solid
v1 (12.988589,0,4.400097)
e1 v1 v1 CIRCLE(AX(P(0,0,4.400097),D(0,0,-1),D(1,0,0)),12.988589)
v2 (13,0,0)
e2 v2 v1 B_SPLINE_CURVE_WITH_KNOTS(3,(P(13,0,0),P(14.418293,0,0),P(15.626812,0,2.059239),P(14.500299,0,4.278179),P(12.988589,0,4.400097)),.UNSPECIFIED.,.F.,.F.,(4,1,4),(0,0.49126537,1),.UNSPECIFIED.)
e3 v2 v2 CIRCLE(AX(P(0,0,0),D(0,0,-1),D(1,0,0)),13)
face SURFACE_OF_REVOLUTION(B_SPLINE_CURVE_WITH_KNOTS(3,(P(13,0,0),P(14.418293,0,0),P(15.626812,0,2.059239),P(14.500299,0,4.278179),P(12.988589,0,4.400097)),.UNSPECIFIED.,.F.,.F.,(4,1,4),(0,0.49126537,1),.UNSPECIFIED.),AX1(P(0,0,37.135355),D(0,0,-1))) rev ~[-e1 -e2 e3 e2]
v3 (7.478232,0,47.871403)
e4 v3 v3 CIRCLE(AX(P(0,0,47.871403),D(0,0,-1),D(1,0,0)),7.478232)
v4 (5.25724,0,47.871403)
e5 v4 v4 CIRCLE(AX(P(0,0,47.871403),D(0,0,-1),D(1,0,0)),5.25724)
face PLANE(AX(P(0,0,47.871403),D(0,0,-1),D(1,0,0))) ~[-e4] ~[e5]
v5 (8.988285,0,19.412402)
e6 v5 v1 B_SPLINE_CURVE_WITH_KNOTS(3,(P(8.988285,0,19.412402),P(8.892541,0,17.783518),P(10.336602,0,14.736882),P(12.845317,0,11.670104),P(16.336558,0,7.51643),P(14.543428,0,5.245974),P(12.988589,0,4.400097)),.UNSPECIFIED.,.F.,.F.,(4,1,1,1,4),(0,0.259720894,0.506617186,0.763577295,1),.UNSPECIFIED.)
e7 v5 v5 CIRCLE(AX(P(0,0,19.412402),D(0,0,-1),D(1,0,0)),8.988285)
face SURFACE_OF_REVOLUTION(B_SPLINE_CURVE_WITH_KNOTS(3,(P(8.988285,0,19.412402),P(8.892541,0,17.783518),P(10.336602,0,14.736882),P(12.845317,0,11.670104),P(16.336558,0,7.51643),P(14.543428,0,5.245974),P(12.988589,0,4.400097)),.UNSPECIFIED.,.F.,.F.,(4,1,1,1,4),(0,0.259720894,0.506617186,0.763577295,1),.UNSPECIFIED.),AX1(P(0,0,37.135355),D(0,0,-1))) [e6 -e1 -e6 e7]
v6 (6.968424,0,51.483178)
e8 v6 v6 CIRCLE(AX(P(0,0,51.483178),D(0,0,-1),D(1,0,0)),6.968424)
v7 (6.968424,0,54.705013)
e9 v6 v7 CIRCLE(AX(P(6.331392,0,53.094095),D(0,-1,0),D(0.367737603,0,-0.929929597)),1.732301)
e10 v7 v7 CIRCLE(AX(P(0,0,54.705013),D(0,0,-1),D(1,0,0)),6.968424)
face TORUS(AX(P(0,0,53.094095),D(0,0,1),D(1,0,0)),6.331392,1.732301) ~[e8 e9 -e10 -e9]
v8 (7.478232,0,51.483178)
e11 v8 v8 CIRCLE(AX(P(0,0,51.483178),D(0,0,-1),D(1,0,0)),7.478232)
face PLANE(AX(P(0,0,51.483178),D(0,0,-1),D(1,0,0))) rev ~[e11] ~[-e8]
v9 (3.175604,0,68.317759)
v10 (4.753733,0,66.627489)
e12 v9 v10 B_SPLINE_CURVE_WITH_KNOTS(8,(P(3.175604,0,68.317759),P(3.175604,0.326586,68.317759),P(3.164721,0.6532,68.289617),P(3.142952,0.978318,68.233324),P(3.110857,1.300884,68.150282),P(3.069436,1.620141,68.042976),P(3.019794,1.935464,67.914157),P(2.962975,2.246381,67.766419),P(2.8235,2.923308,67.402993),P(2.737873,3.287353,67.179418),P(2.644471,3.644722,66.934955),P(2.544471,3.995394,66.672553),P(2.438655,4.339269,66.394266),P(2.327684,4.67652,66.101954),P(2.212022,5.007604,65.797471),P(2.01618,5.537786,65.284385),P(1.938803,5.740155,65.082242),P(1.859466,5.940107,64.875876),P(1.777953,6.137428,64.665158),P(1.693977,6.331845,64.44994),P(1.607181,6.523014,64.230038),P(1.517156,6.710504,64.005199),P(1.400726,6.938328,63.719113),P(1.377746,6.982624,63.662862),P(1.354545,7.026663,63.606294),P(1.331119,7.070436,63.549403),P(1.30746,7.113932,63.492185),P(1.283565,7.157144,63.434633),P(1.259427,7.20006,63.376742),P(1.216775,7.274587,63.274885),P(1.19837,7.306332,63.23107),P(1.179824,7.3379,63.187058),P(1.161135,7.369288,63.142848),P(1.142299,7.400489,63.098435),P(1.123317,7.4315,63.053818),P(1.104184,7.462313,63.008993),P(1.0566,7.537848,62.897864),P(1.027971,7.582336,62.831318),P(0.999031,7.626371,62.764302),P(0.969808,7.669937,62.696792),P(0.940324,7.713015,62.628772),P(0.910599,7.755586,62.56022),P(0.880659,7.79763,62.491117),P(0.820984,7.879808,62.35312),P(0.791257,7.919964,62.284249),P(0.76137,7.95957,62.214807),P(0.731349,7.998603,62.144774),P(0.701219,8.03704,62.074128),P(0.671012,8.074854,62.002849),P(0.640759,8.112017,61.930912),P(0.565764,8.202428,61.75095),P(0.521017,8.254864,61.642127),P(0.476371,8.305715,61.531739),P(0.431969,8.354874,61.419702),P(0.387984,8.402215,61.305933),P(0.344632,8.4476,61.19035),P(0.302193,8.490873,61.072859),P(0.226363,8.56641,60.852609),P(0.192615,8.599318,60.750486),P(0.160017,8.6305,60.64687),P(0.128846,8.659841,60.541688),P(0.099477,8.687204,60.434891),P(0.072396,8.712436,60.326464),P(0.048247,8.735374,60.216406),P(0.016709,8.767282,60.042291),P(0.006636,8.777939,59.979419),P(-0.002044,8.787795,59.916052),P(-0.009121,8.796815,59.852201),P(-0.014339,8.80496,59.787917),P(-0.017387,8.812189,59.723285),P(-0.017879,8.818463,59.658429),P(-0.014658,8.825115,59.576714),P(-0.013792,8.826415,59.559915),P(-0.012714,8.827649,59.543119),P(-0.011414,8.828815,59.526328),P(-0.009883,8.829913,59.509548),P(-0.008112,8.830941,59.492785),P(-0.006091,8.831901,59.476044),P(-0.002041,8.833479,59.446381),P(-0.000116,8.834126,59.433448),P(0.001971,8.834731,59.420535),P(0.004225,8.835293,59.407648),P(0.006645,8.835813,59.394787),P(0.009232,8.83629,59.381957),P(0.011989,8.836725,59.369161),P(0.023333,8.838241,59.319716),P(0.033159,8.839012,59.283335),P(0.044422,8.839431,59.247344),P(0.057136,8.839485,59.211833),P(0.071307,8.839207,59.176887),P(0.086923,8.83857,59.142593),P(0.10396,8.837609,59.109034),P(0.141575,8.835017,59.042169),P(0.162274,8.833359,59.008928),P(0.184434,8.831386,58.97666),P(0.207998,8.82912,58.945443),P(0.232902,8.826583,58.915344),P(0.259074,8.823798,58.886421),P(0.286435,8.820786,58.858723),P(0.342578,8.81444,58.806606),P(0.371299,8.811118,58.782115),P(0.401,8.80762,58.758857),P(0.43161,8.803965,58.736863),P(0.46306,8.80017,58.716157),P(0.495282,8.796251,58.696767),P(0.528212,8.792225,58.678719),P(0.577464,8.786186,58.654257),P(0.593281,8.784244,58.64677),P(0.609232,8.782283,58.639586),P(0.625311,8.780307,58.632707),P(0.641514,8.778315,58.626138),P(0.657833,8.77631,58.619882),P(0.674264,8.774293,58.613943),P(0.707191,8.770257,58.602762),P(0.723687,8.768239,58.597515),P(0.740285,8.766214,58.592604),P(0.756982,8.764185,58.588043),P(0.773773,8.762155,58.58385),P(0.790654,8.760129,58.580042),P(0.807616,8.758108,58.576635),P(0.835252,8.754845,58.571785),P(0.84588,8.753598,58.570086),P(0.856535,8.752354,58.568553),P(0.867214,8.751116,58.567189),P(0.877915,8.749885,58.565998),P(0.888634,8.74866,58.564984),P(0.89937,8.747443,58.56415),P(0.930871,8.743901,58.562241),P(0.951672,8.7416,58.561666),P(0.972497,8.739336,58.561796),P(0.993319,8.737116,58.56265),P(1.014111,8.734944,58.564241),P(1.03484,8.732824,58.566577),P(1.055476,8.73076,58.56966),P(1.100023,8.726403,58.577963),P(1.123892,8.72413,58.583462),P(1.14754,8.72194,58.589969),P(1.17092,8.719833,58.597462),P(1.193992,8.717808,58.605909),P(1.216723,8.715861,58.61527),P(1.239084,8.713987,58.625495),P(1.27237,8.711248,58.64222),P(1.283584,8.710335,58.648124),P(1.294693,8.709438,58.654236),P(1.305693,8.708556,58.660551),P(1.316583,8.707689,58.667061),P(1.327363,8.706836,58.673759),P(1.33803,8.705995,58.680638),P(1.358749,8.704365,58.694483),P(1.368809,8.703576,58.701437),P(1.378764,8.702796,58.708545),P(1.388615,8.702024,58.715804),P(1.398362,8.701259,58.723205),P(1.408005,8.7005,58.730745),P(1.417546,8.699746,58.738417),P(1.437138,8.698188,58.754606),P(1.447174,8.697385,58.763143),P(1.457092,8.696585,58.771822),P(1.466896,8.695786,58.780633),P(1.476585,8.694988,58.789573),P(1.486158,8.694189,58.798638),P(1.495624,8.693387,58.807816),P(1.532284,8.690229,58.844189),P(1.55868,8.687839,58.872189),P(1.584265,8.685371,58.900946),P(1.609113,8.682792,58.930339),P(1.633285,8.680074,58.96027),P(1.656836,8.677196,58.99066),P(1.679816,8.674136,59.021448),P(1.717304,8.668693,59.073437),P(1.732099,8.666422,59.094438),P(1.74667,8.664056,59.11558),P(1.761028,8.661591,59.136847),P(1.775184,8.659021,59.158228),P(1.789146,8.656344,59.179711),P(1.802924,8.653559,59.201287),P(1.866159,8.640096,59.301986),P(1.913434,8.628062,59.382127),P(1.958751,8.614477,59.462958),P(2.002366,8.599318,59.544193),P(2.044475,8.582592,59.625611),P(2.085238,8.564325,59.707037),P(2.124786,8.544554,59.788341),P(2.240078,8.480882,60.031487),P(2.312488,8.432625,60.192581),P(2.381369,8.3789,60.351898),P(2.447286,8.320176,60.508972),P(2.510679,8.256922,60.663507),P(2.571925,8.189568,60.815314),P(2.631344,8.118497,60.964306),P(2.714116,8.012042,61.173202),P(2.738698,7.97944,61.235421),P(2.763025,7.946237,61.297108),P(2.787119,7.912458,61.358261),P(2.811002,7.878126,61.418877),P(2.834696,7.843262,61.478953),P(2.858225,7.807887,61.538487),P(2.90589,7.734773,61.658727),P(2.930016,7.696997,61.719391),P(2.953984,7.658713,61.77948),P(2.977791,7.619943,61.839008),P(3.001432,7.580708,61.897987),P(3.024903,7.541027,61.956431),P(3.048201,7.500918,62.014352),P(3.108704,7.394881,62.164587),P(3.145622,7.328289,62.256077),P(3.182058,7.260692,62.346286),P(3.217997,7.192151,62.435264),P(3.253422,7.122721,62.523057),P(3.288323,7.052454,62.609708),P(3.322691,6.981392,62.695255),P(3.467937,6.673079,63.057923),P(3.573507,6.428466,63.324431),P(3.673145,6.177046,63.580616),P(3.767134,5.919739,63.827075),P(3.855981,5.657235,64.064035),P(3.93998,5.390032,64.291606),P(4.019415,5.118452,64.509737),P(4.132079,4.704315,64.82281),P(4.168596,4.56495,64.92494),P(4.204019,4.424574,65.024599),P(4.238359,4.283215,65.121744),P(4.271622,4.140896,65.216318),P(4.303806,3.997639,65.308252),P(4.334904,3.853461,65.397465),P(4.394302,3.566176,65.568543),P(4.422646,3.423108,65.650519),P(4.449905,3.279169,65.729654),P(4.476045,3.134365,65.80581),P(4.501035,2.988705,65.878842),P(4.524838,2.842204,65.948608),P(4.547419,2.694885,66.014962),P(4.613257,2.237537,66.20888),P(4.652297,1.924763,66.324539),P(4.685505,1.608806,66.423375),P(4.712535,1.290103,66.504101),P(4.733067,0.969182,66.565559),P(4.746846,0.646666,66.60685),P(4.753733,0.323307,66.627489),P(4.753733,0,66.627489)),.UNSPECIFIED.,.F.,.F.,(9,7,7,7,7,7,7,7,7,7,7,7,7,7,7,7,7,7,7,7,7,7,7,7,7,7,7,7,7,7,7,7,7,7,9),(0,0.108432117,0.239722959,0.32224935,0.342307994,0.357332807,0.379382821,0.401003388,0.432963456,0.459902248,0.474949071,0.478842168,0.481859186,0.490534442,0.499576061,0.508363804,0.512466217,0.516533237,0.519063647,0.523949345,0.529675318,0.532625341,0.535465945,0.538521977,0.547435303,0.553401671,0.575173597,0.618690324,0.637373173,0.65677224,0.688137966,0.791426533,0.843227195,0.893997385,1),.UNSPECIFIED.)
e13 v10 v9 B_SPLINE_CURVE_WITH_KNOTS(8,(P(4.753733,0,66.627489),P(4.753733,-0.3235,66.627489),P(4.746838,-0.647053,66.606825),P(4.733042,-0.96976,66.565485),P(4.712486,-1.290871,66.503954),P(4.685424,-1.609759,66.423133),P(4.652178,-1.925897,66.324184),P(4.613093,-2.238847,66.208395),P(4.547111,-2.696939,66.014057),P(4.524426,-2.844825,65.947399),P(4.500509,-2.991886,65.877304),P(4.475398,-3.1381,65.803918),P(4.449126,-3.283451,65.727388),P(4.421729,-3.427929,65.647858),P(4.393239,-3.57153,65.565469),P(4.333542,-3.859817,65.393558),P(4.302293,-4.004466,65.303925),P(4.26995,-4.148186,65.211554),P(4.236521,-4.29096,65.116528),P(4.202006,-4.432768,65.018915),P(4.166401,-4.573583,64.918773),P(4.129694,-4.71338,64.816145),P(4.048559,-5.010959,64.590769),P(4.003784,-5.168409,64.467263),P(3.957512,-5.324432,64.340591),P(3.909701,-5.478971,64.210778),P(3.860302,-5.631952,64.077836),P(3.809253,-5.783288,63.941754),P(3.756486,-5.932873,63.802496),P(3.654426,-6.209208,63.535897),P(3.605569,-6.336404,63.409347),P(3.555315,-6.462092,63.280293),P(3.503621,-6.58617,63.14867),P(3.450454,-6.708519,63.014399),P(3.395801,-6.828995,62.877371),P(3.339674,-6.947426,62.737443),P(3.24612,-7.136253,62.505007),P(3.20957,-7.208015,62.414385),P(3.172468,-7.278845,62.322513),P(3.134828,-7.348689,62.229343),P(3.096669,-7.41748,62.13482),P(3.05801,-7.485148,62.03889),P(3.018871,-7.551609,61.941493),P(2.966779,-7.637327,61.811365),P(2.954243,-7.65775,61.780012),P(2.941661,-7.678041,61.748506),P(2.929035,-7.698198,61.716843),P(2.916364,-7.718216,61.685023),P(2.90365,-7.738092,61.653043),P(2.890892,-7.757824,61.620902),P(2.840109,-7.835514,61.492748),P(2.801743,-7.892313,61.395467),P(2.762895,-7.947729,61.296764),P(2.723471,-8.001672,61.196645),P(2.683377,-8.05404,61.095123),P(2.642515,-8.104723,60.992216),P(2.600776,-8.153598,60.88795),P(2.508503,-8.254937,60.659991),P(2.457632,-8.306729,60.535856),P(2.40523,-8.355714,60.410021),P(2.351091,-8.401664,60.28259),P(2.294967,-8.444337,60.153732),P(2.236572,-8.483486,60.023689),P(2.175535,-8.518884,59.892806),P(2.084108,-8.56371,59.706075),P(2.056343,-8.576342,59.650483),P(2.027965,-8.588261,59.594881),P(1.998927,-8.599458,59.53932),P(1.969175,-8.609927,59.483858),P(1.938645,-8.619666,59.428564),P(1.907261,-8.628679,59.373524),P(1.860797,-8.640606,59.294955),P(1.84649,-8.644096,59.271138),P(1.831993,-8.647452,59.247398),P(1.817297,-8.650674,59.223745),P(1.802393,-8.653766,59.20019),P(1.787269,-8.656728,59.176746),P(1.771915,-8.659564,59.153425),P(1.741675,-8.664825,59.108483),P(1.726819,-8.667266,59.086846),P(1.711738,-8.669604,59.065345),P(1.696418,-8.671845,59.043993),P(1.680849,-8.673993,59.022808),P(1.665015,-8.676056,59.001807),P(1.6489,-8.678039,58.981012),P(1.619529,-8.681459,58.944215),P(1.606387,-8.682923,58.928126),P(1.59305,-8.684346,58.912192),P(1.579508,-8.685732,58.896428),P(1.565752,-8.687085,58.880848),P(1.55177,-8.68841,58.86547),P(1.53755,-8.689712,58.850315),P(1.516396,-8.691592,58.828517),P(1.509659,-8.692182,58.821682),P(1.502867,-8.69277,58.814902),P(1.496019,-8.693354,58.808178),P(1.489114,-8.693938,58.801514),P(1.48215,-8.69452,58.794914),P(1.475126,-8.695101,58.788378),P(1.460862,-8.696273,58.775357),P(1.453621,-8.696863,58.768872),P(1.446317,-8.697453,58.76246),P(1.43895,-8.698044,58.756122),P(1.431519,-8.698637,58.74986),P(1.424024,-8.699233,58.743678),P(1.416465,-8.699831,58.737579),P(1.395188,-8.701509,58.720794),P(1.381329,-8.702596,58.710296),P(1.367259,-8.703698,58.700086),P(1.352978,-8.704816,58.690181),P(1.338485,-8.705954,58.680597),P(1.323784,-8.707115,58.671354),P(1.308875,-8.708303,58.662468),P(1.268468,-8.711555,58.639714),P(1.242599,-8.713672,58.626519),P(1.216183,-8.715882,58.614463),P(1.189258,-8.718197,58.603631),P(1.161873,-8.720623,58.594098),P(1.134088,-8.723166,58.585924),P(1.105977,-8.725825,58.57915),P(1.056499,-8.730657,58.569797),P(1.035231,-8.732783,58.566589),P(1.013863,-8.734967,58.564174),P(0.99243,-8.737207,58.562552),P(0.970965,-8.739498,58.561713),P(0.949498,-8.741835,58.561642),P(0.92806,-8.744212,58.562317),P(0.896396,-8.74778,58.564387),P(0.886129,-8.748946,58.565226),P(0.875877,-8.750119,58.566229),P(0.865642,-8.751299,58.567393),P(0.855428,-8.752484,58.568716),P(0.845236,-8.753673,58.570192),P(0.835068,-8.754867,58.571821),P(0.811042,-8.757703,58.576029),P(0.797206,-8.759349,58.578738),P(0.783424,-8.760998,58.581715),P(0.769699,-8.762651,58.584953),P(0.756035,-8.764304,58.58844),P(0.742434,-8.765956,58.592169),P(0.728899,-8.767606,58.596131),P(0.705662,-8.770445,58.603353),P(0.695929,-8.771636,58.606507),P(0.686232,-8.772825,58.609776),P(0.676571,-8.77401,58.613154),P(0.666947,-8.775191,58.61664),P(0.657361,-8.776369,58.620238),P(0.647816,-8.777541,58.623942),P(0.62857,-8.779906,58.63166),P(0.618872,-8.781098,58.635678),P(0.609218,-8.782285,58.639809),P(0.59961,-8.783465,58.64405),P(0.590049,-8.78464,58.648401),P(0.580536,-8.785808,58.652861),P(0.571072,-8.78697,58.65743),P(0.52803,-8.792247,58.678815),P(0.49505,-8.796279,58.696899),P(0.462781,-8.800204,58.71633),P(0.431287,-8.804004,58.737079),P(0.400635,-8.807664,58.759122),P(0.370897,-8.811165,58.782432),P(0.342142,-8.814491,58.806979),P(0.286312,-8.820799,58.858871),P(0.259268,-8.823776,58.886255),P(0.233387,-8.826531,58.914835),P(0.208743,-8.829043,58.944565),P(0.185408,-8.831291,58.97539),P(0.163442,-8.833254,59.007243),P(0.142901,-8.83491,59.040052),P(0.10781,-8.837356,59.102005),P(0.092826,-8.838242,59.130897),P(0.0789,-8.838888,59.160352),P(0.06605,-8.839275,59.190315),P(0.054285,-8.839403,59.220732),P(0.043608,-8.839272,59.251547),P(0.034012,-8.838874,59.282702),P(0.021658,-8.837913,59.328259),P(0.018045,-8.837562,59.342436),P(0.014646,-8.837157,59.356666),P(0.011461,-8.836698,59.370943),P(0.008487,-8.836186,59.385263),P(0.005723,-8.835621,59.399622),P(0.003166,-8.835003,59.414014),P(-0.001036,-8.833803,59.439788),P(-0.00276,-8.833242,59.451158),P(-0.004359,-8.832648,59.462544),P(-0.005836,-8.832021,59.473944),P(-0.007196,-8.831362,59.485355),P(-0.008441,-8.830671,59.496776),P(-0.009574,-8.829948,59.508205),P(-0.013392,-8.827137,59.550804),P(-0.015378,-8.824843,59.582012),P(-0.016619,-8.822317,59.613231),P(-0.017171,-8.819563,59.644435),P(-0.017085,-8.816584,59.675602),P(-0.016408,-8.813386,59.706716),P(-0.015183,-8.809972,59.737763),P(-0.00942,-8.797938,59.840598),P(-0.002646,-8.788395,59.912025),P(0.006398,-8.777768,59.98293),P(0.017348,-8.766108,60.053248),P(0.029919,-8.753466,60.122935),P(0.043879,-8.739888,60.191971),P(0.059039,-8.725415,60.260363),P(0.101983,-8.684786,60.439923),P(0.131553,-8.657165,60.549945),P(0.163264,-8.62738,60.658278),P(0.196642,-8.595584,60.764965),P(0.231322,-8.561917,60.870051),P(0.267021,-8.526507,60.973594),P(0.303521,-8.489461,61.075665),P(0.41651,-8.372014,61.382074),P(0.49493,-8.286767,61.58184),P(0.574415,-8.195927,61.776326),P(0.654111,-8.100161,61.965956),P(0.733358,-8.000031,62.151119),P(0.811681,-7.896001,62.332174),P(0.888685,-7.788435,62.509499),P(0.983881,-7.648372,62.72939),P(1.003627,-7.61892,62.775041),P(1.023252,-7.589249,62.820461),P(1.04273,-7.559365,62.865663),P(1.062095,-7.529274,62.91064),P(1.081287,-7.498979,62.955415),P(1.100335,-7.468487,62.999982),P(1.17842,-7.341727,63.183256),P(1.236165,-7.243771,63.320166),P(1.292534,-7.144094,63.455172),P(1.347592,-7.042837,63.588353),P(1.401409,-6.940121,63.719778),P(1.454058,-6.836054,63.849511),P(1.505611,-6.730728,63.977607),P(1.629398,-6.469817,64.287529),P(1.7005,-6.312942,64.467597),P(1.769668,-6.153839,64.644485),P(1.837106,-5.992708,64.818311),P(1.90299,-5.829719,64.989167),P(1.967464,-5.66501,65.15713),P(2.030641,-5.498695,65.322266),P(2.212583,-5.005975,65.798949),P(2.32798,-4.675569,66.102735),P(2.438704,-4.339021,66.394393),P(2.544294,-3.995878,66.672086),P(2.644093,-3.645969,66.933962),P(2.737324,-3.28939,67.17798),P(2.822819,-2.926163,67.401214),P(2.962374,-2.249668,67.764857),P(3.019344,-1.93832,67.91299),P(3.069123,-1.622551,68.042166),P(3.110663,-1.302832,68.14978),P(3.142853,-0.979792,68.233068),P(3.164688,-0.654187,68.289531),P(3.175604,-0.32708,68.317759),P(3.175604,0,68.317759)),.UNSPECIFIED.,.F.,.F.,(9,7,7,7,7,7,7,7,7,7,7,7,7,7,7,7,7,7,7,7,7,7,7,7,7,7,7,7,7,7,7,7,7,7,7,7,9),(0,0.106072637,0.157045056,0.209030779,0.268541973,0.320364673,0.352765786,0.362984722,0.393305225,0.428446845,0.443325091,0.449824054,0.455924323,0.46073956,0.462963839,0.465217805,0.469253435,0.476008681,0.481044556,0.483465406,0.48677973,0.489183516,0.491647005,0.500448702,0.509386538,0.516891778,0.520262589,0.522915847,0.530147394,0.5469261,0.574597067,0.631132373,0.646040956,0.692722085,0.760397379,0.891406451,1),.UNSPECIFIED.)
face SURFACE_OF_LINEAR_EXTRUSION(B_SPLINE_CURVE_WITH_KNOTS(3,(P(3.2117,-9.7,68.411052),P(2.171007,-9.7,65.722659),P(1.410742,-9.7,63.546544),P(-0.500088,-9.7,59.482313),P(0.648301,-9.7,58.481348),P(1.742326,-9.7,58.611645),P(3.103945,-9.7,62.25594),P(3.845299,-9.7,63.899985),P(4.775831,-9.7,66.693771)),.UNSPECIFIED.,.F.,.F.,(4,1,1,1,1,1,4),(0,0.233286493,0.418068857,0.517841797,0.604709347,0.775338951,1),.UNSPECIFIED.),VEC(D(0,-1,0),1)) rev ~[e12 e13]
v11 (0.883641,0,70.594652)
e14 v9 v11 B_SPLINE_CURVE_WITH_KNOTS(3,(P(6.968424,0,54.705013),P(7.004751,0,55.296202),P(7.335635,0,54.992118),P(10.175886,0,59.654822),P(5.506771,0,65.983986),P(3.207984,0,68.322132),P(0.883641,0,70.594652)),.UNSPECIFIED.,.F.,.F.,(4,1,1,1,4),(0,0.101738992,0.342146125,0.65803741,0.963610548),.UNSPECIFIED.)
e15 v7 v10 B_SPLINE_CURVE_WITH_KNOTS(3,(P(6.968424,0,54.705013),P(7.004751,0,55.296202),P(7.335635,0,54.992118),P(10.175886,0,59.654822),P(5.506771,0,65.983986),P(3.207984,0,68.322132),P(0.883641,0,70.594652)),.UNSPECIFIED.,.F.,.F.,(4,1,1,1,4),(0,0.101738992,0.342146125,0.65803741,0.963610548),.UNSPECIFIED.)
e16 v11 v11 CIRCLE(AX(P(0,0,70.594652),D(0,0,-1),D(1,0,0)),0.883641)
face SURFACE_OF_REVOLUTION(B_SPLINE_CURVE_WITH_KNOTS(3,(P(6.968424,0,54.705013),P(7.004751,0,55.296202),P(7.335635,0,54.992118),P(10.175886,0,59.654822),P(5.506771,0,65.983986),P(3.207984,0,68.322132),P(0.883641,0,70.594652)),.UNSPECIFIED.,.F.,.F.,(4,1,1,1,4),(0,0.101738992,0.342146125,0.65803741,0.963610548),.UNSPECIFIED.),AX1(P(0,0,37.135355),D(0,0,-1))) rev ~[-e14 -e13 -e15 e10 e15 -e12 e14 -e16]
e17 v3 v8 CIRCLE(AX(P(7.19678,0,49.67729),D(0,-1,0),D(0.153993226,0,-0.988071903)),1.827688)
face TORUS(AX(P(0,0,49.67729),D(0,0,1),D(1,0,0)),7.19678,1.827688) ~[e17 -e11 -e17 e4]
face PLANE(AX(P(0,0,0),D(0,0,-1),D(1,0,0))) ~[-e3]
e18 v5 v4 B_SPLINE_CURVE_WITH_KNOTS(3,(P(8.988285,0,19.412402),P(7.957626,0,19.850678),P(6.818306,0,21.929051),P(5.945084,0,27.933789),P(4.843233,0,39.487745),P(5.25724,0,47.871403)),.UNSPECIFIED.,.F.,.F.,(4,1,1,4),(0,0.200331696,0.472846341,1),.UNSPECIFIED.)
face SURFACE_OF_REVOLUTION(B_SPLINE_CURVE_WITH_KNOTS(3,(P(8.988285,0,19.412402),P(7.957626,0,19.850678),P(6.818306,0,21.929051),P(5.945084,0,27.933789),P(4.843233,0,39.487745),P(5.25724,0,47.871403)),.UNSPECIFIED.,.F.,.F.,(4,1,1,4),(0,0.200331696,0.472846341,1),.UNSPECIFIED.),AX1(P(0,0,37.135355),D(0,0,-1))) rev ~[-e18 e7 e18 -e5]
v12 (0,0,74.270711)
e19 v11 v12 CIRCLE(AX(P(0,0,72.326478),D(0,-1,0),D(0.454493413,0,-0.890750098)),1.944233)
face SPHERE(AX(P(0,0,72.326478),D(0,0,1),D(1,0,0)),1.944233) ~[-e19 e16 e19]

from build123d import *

# Parameters (mm, degrees)
F4_DEPTH = 25


with BuildPart() as f1:
    # F0 (on Front) → F1 (revolve)
    with BuildSketch(Plane.XZ):
        with BuildLine():
            Line((0, 70.382244315), (0, 0))
            Line((0, 0), (13, 0))
            add(Edge.make_bspline(
                [(13, 0), (14.4182929303, 2.388e-07), (15.6268121181, 2.0592387007), (14.5002994381, 4.2781789123), (12.9885887727, 4.4000972994)],
                knots=[0, 0, 0, 0, 0.4912653704, 1, 1, 1, 1], degree=3))
            add(Edge.make_bspline(
                [(8.9882854372, 19.4124020636), (8.8925407709, 17.7835183331), (10.3366017898, 14.7368821228), (12.8453170873, 11.6701043776), (16.3365581004, 7.5164302781), (14.5434276789, 5.2459739061), (12.9885887727, 4.4000972994)],
                knots=[0, 0, 0, 0, 0.2597208936, 0.5066171863, 0.7635772945, 1, 1, 1, 1], degree=3))
            add(Edge.make_bspline(
                [(8.9882854372, 19.4124020636), (7.9576257031, 19.8506776743), (6.8183057595, 21.9290505504), (5.9450839533, 27.933789456), (4.8432327091, 39.4877453508), (5.2572404966, 47.8714033961)],
                knots=[0, 0, 0, 0, 0.2003316959, 0.4728463407, 1, 1, 1, 1], degree=3))
            Line((5.2572404966, 47.8714033961), (7.4782315642, 47.8714033961))
            ThreePointArc((7.4782315642, 47.8714033961), (9.0244679109, 49.6772904614), (7.4782315642, 51.4831775266))
            Line((7.4782315642, 51.4831775266), (6.9684241898, 51.4831775266))
            ThreePointArc((6.9684241898, 51.4831775266), (8.0636926732, 53.0940950581), (6.9684241898, 54.7050125897))
            add(Edge.make_bspline(
                [(6.9684241898, 54.7050125897), (7.0047512468, 55.296202269), (7.3356349489, 54.9921178796), (10.1758860308, 59.6548222318), (5.5067714071, 65.9839864382), (3.207984043, 68.3221321222), (0.8836412282, 70.5946516118)],
                knots=[0, 0, 0, 0, 0.1017389922, 0.3421461253, 0.6580374103, 0.9636105484, 0.9636105484, 0.9636105484, 0.9636105484], degree=3))
            ThreePointArc((0.8836412282, 70.5946516118), (0.4544058428, 70.4360918197), (0, 70.382244315))
        make_face()
        with BuildLine():
            Line((0, 71.4571028948), (0, 70.382244315))
            ThreePointArc((0, 70.382244315), (0.4544058428, 70.4360918197), (0.8836412282, 70.5946516118))
            add(Edge.make_bspline(
                [(0.8836412282, 70.5946516118), (0.6068447769, 70.8652766358), (0.3131152126, 71.1518253975), (0, 71.4571028948)],
                knots=[0.9636105484, 0.9636105484, 0.9636105484, 0.9636105484, 1, 1, 1, 1], degree=3))
        make_face()
        with BuildLine():
            Line((0, 74.270710919), (0, 71.4571028948))
            add(Edge.make_bspline(
                [(0.8836412282, 70.5946516118), (0.6068447769, 70.8652766358), (0.3131152126, 71.1518253975), (0, 71.4571028948)],
                knots=[0.9636105484, 0.9636105484, 0.9636105484, 0.9636105484, 1, 1, 1, 1], degree=3))
            ThreePointArc((0.8836412282, 70.5946516118), (1.8903857973, 72.7808834598), (0, 74.270710919))
        make_face()
    revolve(axis=Axis((0, 0, 37.1353554595), (0, 0, -1)))

    # F3 (on offset) → F4 (cut)
    with BuildSketch(Plane.XZ.offset(9.7)):
        with BuildLine():
            Line((4.7758305867, 66.6937711375), (3.211699659, 68.411052227))
            add(Edge.make_bspline(
                [(3.211699659, 68.411052227), (2.1710066516, 65.7226593677), (1.4107420833, 63.5465441208), (-0.5000881667, 59.4823132571), (0.6483009668, 58.481347617), (1.7423262615, 58.6116451924), (3.1039446029, 62.2559401693), (3.8452988724, 63.8999851171), (4.7758305867, 66.6937711375)],
                knots=[0, 0, 0, 0, 0.233286493, 0.4180688569, 0.5178417973, 0.6047093468, 0.7753389515, 1, 1, 1, 1], degree=3))
        make_face()
    extrude(amount=-F4_DEPTH, mode=Mode.SUBTRACT)


solid = f1.part
